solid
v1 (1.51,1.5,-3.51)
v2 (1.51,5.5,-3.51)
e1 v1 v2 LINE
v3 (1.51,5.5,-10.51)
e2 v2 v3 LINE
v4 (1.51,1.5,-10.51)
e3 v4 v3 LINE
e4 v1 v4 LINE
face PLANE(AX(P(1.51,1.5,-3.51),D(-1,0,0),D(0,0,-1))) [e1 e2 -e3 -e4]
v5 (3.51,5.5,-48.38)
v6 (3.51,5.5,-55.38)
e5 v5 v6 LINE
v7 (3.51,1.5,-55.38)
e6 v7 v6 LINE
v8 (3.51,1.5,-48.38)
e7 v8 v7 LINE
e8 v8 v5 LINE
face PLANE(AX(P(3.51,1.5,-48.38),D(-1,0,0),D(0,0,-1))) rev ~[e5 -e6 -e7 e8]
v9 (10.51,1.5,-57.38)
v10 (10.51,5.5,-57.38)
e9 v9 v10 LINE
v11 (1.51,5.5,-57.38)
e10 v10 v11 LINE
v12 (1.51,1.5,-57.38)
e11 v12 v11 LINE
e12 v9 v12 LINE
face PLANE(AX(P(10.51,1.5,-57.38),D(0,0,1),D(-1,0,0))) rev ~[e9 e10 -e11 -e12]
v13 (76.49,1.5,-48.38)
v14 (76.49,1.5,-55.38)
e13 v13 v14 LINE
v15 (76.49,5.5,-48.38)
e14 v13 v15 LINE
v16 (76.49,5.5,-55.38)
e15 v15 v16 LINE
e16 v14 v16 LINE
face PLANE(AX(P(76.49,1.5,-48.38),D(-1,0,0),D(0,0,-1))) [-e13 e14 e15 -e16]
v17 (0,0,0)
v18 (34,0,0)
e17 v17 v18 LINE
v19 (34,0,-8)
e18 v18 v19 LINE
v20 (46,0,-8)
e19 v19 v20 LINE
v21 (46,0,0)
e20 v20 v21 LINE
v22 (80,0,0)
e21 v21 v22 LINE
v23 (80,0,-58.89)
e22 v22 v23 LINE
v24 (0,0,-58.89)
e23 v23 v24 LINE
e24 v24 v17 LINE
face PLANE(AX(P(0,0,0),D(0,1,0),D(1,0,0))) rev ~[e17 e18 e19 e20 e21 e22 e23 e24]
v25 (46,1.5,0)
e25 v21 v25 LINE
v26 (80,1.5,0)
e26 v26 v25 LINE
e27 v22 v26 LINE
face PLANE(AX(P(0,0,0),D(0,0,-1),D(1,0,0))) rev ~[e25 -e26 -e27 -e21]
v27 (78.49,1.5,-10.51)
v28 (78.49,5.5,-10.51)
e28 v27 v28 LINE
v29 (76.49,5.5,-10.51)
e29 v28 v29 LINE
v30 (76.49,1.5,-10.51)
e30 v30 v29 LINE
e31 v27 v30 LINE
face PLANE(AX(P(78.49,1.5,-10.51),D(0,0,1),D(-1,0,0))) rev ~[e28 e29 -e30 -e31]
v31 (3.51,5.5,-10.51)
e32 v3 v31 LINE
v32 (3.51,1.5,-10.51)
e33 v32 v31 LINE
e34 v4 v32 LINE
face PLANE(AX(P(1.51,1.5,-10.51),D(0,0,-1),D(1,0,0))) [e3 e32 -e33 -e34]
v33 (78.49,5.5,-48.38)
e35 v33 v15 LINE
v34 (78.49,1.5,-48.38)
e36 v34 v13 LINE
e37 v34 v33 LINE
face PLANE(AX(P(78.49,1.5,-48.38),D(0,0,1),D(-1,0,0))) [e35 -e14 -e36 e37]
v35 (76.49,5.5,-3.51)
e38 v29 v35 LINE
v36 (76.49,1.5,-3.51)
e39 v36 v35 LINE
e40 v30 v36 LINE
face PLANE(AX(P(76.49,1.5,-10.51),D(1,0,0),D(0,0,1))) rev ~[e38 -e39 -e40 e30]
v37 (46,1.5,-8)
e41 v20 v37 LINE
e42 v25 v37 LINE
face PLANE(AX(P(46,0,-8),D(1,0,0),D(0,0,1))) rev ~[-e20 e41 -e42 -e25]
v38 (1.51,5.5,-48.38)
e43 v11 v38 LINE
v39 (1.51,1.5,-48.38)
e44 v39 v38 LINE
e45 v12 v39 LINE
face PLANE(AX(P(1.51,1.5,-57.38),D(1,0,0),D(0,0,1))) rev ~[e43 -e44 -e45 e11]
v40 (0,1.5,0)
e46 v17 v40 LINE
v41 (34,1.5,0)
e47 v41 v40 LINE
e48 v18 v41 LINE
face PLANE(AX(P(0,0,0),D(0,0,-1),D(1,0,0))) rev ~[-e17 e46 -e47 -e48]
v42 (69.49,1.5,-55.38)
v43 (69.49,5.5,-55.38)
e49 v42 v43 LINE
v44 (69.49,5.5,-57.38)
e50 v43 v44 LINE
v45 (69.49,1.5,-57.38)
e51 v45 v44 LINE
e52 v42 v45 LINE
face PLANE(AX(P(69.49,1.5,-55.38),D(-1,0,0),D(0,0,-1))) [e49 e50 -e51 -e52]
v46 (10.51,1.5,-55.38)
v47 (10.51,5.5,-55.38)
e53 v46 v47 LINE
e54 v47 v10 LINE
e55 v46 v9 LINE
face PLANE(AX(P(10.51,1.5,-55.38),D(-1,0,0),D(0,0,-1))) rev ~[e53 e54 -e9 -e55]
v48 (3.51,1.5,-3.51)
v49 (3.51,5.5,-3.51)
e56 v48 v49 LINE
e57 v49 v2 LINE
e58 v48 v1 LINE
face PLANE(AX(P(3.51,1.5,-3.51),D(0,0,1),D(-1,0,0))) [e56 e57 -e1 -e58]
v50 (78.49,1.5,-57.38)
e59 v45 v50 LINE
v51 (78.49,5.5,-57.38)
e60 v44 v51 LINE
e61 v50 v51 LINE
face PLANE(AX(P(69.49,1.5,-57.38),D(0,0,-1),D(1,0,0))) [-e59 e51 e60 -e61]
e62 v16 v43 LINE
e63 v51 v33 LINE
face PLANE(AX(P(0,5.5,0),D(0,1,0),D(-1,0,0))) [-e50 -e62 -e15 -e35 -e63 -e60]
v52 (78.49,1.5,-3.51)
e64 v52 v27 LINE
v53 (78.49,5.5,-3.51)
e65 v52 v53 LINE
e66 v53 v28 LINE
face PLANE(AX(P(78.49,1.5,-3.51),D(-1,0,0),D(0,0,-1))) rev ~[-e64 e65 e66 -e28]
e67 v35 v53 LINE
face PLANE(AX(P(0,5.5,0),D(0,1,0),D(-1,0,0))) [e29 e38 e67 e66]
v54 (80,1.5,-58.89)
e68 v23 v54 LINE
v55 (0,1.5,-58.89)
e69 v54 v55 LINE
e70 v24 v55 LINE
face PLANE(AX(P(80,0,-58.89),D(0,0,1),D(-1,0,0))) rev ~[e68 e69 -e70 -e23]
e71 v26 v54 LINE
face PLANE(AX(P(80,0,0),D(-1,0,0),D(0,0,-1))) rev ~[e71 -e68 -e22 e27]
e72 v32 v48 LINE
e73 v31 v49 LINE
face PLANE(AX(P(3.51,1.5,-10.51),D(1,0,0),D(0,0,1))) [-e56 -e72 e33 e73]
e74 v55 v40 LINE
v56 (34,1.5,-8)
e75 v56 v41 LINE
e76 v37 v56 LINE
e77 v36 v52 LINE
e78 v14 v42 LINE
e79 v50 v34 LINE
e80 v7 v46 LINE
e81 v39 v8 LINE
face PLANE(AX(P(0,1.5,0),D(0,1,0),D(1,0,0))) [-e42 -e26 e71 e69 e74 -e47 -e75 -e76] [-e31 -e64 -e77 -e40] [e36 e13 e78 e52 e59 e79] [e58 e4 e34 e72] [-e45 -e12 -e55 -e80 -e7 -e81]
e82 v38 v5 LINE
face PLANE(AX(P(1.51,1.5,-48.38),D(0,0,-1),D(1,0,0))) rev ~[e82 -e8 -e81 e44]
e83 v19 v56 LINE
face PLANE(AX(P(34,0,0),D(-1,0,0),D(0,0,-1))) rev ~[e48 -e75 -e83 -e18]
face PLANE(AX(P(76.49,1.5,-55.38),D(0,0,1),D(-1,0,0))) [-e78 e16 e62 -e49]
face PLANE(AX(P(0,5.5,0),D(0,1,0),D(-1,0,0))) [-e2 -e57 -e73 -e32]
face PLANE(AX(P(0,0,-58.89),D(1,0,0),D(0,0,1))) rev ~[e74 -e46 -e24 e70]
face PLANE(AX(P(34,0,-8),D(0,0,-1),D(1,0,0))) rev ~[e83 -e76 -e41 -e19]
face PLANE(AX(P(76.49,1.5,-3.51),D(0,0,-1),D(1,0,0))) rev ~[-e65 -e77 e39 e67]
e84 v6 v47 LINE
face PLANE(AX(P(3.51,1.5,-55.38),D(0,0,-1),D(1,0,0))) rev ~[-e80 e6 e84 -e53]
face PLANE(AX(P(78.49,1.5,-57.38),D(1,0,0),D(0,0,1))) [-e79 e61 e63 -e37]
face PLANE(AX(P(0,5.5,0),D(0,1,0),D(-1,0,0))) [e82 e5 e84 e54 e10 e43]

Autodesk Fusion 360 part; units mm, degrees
sketch "Sketch1" plane through (0, 0, 0) normal (0, 1, 0) x (1, 0, 0)
  line L0 (0, 0) -> (80, 0)
  line L1 (80, 0) -> (80, 58.89)
  line L2 (80, 58.89) -> (0, 58.89)
  line L3 (0, 58.89) -> (0, 0)
  line L4 (46, 0) -> (34, 0)
  line L5 (34, 0) -> (34, 8)
  line L6 (34, 8) -> (46, 8)
  line L7 (46, 8) -> (46, 0)
  dimension "d1" = 58.89
  dimension "d2" = 80
  dimension "d11" = 8
  dimension "d14" = 12
  dimension "d15" = 34
extrude "Extrude1" add sketch "Sketch1" along normal blind 1.5
sketch "Sketch2" plane through (0, 1.5, 0) normal (0, 1, 0) x (-1, 0, 0)
  line L0 (0, -58.89) -> (0, 0)
  line L1 (0, 0) -> (-80, 0)
  line L2 (-80, 0) -> (-80, -58.89)
  line L3 (-80, -58.89) -> (0, -58.89)
  line L4 (-10.51, -1.51) -> (-1.51, -1.51)
  line L5 (-1.51, -1.51) -> (-1.51, -10.51)
  line L6 (-1.51, -10.51) -> (-10.51, -10.51)
  line L7 (-10.51, -10.51) -> (-10.51, -1.51)
  line L8 (-10.51, -10.51) -> (-3.51, -10.51)
  line L9 (-3.51, -10.51) -> (-3.51, -3.51)
  line L10 (-3.51, -3.51) -> (-10.51, -3.51)
  line L11 (-10.51, -3.51) -> (-10.51, -10.51)
  line L12 (0, -29.445) -> (-80, -29.445) construction
  line L13 (-3.51, -48.38) -> (-3.51, -55.38)
  line L14 (-3.51, -55.38) -> (-10.51, -55.38)
  line L15 (-10.51, -48.38) -> (-10.51, -57.38)
  line L16 (-1.51, -48.38) -> (-10.51, -48.38)
  line L17 (-1.51, -57.38) -> (-1.51, -48.38)
  line L18 (-10.51, -57.38) -> (-1.51, -57.38)
  line L19 (-69.49, -1.51) -> (-78.49, -1.51)
  line L20 (-76.49, -3.51) -> (-69.49, -3.51)
  line L21 (-78.49, -1.51) -> (-78.49, -10.51)
  line L22 (-76.49, -10.51) -> (-76.49, -3.51)
  line L23 (-78.49, -10.51) -> (-69.49, -10.51)
  line L24 (-69.49, -10.51) -> (-69.49, -1.51)
  line L25 (-78.49, -48.38) -> (-69.49, -48.38)
  line L26 (-69.49, -48.38) -> (-69.49, -57.38)
  line L27 (-76.49, -48.38) -> (-76.49, -55.38)
  line L28 (-78.49, -57.38) -> (-78.49, -48.38)
  line L29 (-76.49, -55.38) -> (-69.49, -55.38)
  line L30 (-69.49, -57.38) -> (-78.49, -57.38)
  line L31 (-3.51, -3.51) -> (-1.51, -3.51)
  line L32 (-76.49, -3.51) -> (-78.49, -3.51)
  dimension "d5" = 9
  dimension "d6" = 9
  dimension "d7" = 1.51
  dimension "d8" = 1.51
extrude "Extrude2" add sketch "Sketch2" along normal blind 4 contours L5 L6 L9 L31 | L13 L14 L15 L16 L17 L18 | L21 L22 L23 L32 | L25 L26 L27 L28 L29 L30
extrude "Extrude3" cut sketch "Sketch1" along normal blind 8.263 contours L0 L4 L5 L6 L7
